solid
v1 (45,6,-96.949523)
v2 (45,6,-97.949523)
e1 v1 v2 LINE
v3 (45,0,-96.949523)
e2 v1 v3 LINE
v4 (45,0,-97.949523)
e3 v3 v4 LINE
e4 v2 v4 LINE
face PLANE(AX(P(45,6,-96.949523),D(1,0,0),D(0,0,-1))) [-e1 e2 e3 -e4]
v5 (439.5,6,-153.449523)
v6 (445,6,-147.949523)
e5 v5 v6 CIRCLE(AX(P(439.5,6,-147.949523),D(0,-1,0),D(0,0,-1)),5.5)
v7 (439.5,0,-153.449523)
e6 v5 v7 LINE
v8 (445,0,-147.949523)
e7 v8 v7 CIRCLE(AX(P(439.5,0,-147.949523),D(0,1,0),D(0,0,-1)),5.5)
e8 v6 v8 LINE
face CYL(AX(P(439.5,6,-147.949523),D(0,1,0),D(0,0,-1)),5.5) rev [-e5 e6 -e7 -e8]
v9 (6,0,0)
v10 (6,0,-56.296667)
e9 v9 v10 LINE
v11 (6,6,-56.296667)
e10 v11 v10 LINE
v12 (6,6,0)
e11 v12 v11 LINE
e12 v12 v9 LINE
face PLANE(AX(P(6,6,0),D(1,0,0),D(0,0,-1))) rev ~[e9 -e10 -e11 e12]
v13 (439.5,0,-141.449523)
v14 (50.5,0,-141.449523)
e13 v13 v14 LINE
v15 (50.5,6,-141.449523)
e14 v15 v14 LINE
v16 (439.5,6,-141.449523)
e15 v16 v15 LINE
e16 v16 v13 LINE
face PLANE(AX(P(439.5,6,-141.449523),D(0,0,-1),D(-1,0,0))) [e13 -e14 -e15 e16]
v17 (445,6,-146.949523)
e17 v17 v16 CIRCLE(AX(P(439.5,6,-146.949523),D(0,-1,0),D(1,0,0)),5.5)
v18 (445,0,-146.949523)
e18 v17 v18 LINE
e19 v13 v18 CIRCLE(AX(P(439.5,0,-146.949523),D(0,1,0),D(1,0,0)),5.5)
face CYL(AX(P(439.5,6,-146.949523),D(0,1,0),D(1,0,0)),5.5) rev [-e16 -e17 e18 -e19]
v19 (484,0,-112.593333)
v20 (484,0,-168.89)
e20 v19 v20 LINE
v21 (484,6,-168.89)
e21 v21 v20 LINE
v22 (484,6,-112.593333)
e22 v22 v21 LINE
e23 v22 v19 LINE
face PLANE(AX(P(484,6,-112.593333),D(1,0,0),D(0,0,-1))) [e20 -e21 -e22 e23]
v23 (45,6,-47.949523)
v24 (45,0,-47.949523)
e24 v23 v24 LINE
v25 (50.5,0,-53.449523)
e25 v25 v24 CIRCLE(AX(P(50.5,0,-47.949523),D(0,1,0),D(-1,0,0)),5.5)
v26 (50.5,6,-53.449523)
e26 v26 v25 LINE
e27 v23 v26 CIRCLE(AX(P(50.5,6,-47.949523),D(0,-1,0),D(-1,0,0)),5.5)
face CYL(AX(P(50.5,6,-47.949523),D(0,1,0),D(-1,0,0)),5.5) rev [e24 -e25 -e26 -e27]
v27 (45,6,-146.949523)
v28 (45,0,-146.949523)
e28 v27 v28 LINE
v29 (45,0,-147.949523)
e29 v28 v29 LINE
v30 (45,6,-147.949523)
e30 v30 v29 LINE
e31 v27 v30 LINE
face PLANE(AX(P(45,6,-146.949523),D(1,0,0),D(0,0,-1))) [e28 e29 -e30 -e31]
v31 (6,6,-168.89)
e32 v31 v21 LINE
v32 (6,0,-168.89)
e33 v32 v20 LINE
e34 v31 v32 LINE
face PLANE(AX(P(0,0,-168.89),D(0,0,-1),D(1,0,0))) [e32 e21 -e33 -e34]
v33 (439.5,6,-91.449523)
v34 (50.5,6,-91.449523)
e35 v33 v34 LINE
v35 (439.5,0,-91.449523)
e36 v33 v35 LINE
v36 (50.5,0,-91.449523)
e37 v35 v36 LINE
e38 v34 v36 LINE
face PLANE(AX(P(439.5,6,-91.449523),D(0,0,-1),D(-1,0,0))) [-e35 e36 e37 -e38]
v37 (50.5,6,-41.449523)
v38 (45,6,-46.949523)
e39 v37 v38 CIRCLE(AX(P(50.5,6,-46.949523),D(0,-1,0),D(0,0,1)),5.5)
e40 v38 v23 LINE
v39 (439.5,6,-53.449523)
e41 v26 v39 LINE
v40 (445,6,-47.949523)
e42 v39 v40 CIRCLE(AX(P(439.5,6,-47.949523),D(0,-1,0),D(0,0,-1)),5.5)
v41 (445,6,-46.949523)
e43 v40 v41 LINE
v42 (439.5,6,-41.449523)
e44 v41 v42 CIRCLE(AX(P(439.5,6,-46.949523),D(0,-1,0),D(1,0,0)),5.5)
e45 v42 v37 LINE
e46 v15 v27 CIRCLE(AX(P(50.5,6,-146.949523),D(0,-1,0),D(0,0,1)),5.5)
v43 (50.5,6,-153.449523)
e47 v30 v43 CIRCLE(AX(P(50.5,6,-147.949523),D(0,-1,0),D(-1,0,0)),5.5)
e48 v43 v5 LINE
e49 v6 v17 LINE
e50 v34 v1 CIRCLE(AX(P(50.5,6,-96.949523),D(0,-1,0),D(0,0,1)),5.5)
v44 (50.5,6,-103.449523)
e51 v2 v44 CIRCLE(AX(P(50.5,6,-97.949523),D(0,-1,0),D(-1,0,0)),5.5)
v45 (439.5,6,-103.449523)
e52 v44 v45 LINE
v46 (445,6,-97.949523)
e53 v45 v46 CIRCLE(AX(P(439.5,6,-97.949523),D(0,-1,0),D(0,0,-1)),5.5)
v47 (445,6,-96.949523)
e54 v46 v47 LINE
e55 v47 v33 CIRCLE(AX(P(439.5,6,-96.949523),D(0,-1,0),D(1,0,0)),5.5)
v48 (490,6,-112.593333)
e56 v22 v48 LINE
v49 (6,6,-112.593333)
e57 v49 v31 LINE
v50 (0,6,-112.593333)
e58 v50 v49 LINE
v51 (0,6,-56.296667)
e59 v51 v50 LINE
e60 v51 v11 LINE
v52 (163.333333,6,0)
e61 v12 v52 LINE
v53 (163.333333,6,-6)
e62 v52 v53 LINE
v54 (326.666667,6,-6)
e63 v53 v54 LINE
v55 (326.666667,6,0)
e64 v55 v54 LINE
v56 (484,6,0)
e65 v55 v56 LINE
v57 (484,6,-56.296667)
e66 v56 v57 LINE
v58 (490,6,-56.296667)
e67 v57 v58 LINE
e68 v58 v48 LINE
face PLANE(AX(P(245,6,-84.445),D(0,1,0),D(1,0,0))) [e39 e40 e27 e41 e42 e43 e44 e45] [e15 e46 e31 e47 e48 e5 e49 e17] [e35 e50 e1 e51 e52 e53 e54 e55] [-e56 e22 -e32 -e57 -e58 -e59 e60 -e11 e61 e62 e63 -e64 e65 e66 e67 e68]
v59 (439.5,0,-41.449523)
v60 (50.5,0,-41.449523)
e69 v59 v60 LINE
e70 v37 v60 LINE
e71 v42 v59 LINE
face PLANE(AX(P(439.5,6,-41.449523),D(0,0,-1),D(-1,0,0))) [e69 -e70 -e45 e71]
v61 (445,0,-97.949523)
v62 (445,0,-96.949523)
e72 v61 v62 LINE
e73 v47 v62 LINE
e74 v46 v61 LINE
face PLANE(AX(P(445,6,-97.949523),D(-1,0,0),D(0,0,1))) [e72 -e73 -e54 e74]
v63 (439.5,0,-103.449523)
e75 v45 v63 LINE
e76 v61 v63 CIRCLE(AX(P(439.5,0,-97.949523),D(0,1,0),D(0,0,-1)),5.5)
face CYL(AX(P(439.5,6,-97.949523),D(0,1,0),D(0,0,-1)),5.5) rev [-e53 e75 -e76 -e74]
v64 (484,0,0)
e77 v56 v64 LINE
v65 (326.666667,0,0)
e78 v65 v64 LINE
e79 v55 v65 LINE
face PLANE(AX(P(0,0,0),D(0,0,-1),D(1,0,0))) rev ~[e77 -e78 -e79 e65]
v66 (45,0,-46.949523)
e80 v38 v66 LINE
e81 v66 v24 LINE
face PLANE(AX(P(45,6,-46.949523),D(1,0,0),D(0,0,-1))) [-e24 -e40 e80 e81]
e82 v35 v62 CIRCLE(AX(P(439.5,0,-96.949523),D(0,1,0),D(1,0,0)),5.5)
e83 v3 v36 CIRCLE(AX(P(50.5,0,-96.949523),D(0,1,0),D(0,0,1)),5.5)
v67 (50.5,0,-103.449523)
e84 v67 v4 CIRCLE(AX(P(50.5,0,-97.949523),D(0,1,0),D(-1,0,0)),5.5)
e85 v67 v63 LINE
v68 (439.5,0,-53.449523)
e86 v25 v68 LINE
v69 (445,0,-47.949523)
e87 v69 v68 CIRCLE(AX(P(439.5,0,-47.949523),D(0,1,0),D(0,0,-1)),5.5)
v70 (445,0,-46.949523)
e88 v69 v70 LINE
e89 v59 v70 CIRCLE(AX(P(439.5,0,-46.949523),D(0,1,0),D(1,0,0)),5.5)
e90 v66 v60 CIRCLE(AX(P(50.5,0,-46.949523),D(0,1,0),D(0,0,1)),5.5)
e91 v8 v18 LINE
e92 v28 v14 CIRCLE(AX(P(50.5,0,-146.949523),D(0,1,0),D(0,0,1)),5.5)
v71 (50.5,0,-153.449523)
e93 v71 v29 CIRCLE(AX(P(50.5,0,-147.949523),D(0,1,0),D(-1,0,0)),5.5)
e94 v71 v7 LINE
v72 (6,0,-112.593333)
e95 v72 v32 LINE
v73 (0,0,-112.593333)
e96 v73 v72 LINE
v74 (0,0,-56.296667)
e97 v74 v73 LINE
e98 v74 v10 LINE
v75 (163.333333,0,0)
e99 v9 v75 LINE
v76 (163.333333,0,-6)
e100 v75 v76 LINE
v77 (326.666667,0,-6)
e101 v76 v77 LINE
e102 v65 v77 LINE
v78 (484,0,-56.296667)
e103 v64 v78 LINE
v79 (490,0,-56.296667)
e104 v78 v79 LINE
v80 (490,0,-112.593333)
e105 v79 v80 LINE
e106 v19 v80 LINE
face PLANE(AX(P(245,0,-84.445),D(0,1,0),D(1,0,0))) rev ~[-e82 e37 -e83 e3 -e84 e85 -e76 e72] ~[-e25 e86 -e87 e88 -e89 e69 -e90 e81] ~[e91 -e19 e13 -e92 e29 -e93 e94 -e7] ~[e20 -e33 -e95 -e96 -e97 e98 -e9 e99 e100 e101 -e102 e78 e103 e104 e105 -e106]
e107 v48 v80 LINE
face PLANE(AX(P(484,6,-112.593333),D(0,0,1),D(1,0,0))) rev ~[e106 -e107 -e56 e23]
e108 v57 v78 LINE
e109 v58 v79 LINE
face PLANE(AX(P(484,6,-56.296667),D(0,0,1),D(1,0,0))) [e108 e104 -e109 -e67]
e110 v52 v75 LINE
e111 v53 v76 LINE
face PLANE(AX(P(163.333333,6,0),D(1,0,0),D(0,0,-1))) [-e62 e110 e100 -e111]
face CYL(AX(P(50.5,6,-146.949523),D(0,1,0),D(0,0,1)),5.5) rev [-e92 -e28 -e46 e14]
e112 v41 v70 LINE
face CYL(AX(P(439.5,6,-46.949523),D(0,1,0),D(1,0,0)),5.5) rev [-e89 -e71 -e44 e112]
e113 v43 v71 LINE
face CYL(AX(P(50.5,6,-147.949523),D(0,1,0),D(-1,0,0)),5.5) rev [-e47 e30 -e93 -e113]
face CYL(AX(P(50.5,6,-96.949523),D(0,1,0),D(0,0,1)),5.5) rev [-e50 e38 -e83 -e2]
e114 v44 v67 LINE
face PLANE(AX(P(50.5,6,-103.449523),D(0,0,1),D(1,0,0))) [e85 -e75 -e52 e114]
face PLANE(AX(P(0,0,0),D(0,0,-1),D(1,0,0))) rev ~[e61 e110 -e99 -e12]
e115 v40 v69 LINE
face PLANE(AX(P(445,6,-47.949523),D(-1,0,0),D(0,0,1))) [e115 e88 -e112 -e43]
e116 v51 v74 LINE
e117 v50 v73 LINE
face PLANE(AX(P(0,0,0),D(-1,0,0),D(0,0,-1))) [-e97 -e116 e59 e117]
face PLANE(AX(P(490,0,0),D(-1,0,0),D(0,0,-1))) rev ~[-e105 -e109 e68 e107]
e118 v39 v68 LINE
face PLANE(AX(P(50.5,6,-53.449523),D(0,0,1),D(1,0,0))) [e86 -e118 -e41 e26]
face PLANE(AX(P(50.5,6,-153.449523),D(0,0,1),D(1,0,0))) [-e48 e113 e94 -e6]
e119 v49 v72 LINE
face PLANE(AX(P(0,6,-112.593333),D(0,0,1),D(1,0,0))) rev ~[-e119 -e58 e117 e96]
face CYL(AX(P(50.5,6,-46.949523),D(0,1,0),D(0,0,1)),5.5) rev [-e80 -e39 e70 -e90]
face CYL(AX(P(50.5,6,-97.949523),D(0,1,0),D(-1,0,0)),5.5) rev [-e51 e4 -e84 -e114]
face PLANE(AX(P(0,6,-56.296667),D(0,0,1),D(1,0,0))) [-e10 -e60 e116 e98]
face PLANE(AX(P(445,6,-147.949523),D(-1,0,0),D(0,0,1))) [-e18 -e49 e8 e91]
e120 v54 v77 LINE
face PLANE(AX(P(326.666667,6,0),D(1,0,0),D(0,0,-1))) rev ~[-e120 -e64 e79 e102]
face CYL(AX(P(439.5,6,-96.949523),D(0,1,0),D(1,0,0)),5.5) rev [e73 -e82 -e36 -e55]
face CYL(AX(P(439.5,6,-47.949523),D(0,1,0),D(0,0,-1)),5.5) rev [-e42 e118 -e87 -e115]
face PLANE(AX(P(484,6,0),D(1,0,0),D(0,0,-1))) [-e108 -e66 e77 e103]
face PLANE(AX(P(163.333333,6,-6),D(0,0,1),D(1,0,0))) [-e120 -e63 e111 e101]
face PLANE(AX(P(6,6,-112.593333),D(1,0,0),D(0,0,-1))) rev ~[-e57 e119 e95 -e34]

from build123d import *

# Parameters (mm, degrees)
SKETCH1_W           = 490
SKETCH1_H           = 168.89
BOSS_EXTRUDE1_DEPTH = 6
SKETCH2_W           = 163.333333334
SKETCH2_H           = 6
CUT_EXTRUDE1_DEPTH  = 519.324060892
SKETCH4_W           = 6
SKETCH4_H           = 56.296666667
CUT_EXTRUDE3_DEPTH  = 519.324060892
CUT_EXTRUDE4_DEPTH  = 519.324060892
LPATTERN1_COUNT     = 3
LPATTERN1_PITCH     = 50


with BuildPart() as part:
    # Sketch1 → Boss-Extrude1 (new body)
    with BuildSketch(Plane(origin=(0, 0, 0), x_dir=(1, 0, 0), z_dir=(0, 1, 0))):
        with Locations((245, 84.445)):
            Rectangle(SKETCH1_W, SKETCH1_H)
    extrude(amount=BOSS_EXTRUDE1_DEPTH)

    # Sketch2 → Cut-Extrude1 (cut, through all)
    with BuildSketch(Plane(origin=(0, 6, 0), x_dir=(1, 0, 0), z_dir=(0, 1, 0))):
        with Locations((245, 3)):
            Rectangle(SKETCH2_W, SKETCH2_H)
    extrude(amount=-CUT_EXTRUDE1_DEPTH, mode=Mode.SUBTRACT)

    # Sketch4 → Cut-Extrude3 (cut, through all)
    with BuildSketch(Plane(origin=(0, 6, 0), x_dir=(1, 0, 0), z_dir=(0, 1, 0))):
        with Locations((3, 140.741666667)):
            Rectangle(SKETCH4_W, SKETCH4_H)
        with Locations((3, 28.148333334)):
            Rectangle(SKETCH4_W, SKETCH4_H)
        with Locations((487, 28.148333334)):
            Rectangle(SKETCH4_W, SKETCH4_H)
        with Locations((487, 140.741666667)):
            Rectangle(SKETCH4_W, SKETCH4_H)
    extrude(amount=-CUT_EXTRUDE3_DEPTH, mode=Mode.SUBTRACT)

    # Sketch5 → Cut-Extrude4 (cut, through all)
    with BuildSketch(Plane(origin=(0, 6, 0), x_dir=(1, 0, 0), z_dir=(0, 1, 0))):
        with BuildLine():
            Line((50.5, 153.449523313), (439.5, 153.449523313))
            ThreePointArc((439.5, 153.449523313), (443.389087297, 151.838610609), (445, 147.949523313))
            Line((445, 147.949523313), (445, 146.949523313))
            ThreePointArc((445, 146.949523313), (443.389087297, 143.060436016), (439.5, 141.449523313))
            Line((439.5, 141.449523313), (50.5, 141.449523313))
            ThreePointArc((50.5, 141.449523313), (46.610912703, 143.060436016), (45, 146.949523313))
            Line((45, 146.949523313), (45, 147.949523313))
            ThreePointArc((45, 147.949523313), (46.610912703, 151.838610609), (50.5, 153.449523313))
        make_face()
    cut_extrude4 = extrude(amount=-CUT_EXTRUDE4_DEPTH, mode=Mode.SUBTRACT)

    # LPattern1: Cut-Extrude4 ×3
    with Locations(*[(0, 0, i * LPATTERN1_PITCH) for i in range(1, LPATTERN1_COUNT)]):
        add(cut_extrude4, mode=Mode.SUBTRACT)


solid = part.part
